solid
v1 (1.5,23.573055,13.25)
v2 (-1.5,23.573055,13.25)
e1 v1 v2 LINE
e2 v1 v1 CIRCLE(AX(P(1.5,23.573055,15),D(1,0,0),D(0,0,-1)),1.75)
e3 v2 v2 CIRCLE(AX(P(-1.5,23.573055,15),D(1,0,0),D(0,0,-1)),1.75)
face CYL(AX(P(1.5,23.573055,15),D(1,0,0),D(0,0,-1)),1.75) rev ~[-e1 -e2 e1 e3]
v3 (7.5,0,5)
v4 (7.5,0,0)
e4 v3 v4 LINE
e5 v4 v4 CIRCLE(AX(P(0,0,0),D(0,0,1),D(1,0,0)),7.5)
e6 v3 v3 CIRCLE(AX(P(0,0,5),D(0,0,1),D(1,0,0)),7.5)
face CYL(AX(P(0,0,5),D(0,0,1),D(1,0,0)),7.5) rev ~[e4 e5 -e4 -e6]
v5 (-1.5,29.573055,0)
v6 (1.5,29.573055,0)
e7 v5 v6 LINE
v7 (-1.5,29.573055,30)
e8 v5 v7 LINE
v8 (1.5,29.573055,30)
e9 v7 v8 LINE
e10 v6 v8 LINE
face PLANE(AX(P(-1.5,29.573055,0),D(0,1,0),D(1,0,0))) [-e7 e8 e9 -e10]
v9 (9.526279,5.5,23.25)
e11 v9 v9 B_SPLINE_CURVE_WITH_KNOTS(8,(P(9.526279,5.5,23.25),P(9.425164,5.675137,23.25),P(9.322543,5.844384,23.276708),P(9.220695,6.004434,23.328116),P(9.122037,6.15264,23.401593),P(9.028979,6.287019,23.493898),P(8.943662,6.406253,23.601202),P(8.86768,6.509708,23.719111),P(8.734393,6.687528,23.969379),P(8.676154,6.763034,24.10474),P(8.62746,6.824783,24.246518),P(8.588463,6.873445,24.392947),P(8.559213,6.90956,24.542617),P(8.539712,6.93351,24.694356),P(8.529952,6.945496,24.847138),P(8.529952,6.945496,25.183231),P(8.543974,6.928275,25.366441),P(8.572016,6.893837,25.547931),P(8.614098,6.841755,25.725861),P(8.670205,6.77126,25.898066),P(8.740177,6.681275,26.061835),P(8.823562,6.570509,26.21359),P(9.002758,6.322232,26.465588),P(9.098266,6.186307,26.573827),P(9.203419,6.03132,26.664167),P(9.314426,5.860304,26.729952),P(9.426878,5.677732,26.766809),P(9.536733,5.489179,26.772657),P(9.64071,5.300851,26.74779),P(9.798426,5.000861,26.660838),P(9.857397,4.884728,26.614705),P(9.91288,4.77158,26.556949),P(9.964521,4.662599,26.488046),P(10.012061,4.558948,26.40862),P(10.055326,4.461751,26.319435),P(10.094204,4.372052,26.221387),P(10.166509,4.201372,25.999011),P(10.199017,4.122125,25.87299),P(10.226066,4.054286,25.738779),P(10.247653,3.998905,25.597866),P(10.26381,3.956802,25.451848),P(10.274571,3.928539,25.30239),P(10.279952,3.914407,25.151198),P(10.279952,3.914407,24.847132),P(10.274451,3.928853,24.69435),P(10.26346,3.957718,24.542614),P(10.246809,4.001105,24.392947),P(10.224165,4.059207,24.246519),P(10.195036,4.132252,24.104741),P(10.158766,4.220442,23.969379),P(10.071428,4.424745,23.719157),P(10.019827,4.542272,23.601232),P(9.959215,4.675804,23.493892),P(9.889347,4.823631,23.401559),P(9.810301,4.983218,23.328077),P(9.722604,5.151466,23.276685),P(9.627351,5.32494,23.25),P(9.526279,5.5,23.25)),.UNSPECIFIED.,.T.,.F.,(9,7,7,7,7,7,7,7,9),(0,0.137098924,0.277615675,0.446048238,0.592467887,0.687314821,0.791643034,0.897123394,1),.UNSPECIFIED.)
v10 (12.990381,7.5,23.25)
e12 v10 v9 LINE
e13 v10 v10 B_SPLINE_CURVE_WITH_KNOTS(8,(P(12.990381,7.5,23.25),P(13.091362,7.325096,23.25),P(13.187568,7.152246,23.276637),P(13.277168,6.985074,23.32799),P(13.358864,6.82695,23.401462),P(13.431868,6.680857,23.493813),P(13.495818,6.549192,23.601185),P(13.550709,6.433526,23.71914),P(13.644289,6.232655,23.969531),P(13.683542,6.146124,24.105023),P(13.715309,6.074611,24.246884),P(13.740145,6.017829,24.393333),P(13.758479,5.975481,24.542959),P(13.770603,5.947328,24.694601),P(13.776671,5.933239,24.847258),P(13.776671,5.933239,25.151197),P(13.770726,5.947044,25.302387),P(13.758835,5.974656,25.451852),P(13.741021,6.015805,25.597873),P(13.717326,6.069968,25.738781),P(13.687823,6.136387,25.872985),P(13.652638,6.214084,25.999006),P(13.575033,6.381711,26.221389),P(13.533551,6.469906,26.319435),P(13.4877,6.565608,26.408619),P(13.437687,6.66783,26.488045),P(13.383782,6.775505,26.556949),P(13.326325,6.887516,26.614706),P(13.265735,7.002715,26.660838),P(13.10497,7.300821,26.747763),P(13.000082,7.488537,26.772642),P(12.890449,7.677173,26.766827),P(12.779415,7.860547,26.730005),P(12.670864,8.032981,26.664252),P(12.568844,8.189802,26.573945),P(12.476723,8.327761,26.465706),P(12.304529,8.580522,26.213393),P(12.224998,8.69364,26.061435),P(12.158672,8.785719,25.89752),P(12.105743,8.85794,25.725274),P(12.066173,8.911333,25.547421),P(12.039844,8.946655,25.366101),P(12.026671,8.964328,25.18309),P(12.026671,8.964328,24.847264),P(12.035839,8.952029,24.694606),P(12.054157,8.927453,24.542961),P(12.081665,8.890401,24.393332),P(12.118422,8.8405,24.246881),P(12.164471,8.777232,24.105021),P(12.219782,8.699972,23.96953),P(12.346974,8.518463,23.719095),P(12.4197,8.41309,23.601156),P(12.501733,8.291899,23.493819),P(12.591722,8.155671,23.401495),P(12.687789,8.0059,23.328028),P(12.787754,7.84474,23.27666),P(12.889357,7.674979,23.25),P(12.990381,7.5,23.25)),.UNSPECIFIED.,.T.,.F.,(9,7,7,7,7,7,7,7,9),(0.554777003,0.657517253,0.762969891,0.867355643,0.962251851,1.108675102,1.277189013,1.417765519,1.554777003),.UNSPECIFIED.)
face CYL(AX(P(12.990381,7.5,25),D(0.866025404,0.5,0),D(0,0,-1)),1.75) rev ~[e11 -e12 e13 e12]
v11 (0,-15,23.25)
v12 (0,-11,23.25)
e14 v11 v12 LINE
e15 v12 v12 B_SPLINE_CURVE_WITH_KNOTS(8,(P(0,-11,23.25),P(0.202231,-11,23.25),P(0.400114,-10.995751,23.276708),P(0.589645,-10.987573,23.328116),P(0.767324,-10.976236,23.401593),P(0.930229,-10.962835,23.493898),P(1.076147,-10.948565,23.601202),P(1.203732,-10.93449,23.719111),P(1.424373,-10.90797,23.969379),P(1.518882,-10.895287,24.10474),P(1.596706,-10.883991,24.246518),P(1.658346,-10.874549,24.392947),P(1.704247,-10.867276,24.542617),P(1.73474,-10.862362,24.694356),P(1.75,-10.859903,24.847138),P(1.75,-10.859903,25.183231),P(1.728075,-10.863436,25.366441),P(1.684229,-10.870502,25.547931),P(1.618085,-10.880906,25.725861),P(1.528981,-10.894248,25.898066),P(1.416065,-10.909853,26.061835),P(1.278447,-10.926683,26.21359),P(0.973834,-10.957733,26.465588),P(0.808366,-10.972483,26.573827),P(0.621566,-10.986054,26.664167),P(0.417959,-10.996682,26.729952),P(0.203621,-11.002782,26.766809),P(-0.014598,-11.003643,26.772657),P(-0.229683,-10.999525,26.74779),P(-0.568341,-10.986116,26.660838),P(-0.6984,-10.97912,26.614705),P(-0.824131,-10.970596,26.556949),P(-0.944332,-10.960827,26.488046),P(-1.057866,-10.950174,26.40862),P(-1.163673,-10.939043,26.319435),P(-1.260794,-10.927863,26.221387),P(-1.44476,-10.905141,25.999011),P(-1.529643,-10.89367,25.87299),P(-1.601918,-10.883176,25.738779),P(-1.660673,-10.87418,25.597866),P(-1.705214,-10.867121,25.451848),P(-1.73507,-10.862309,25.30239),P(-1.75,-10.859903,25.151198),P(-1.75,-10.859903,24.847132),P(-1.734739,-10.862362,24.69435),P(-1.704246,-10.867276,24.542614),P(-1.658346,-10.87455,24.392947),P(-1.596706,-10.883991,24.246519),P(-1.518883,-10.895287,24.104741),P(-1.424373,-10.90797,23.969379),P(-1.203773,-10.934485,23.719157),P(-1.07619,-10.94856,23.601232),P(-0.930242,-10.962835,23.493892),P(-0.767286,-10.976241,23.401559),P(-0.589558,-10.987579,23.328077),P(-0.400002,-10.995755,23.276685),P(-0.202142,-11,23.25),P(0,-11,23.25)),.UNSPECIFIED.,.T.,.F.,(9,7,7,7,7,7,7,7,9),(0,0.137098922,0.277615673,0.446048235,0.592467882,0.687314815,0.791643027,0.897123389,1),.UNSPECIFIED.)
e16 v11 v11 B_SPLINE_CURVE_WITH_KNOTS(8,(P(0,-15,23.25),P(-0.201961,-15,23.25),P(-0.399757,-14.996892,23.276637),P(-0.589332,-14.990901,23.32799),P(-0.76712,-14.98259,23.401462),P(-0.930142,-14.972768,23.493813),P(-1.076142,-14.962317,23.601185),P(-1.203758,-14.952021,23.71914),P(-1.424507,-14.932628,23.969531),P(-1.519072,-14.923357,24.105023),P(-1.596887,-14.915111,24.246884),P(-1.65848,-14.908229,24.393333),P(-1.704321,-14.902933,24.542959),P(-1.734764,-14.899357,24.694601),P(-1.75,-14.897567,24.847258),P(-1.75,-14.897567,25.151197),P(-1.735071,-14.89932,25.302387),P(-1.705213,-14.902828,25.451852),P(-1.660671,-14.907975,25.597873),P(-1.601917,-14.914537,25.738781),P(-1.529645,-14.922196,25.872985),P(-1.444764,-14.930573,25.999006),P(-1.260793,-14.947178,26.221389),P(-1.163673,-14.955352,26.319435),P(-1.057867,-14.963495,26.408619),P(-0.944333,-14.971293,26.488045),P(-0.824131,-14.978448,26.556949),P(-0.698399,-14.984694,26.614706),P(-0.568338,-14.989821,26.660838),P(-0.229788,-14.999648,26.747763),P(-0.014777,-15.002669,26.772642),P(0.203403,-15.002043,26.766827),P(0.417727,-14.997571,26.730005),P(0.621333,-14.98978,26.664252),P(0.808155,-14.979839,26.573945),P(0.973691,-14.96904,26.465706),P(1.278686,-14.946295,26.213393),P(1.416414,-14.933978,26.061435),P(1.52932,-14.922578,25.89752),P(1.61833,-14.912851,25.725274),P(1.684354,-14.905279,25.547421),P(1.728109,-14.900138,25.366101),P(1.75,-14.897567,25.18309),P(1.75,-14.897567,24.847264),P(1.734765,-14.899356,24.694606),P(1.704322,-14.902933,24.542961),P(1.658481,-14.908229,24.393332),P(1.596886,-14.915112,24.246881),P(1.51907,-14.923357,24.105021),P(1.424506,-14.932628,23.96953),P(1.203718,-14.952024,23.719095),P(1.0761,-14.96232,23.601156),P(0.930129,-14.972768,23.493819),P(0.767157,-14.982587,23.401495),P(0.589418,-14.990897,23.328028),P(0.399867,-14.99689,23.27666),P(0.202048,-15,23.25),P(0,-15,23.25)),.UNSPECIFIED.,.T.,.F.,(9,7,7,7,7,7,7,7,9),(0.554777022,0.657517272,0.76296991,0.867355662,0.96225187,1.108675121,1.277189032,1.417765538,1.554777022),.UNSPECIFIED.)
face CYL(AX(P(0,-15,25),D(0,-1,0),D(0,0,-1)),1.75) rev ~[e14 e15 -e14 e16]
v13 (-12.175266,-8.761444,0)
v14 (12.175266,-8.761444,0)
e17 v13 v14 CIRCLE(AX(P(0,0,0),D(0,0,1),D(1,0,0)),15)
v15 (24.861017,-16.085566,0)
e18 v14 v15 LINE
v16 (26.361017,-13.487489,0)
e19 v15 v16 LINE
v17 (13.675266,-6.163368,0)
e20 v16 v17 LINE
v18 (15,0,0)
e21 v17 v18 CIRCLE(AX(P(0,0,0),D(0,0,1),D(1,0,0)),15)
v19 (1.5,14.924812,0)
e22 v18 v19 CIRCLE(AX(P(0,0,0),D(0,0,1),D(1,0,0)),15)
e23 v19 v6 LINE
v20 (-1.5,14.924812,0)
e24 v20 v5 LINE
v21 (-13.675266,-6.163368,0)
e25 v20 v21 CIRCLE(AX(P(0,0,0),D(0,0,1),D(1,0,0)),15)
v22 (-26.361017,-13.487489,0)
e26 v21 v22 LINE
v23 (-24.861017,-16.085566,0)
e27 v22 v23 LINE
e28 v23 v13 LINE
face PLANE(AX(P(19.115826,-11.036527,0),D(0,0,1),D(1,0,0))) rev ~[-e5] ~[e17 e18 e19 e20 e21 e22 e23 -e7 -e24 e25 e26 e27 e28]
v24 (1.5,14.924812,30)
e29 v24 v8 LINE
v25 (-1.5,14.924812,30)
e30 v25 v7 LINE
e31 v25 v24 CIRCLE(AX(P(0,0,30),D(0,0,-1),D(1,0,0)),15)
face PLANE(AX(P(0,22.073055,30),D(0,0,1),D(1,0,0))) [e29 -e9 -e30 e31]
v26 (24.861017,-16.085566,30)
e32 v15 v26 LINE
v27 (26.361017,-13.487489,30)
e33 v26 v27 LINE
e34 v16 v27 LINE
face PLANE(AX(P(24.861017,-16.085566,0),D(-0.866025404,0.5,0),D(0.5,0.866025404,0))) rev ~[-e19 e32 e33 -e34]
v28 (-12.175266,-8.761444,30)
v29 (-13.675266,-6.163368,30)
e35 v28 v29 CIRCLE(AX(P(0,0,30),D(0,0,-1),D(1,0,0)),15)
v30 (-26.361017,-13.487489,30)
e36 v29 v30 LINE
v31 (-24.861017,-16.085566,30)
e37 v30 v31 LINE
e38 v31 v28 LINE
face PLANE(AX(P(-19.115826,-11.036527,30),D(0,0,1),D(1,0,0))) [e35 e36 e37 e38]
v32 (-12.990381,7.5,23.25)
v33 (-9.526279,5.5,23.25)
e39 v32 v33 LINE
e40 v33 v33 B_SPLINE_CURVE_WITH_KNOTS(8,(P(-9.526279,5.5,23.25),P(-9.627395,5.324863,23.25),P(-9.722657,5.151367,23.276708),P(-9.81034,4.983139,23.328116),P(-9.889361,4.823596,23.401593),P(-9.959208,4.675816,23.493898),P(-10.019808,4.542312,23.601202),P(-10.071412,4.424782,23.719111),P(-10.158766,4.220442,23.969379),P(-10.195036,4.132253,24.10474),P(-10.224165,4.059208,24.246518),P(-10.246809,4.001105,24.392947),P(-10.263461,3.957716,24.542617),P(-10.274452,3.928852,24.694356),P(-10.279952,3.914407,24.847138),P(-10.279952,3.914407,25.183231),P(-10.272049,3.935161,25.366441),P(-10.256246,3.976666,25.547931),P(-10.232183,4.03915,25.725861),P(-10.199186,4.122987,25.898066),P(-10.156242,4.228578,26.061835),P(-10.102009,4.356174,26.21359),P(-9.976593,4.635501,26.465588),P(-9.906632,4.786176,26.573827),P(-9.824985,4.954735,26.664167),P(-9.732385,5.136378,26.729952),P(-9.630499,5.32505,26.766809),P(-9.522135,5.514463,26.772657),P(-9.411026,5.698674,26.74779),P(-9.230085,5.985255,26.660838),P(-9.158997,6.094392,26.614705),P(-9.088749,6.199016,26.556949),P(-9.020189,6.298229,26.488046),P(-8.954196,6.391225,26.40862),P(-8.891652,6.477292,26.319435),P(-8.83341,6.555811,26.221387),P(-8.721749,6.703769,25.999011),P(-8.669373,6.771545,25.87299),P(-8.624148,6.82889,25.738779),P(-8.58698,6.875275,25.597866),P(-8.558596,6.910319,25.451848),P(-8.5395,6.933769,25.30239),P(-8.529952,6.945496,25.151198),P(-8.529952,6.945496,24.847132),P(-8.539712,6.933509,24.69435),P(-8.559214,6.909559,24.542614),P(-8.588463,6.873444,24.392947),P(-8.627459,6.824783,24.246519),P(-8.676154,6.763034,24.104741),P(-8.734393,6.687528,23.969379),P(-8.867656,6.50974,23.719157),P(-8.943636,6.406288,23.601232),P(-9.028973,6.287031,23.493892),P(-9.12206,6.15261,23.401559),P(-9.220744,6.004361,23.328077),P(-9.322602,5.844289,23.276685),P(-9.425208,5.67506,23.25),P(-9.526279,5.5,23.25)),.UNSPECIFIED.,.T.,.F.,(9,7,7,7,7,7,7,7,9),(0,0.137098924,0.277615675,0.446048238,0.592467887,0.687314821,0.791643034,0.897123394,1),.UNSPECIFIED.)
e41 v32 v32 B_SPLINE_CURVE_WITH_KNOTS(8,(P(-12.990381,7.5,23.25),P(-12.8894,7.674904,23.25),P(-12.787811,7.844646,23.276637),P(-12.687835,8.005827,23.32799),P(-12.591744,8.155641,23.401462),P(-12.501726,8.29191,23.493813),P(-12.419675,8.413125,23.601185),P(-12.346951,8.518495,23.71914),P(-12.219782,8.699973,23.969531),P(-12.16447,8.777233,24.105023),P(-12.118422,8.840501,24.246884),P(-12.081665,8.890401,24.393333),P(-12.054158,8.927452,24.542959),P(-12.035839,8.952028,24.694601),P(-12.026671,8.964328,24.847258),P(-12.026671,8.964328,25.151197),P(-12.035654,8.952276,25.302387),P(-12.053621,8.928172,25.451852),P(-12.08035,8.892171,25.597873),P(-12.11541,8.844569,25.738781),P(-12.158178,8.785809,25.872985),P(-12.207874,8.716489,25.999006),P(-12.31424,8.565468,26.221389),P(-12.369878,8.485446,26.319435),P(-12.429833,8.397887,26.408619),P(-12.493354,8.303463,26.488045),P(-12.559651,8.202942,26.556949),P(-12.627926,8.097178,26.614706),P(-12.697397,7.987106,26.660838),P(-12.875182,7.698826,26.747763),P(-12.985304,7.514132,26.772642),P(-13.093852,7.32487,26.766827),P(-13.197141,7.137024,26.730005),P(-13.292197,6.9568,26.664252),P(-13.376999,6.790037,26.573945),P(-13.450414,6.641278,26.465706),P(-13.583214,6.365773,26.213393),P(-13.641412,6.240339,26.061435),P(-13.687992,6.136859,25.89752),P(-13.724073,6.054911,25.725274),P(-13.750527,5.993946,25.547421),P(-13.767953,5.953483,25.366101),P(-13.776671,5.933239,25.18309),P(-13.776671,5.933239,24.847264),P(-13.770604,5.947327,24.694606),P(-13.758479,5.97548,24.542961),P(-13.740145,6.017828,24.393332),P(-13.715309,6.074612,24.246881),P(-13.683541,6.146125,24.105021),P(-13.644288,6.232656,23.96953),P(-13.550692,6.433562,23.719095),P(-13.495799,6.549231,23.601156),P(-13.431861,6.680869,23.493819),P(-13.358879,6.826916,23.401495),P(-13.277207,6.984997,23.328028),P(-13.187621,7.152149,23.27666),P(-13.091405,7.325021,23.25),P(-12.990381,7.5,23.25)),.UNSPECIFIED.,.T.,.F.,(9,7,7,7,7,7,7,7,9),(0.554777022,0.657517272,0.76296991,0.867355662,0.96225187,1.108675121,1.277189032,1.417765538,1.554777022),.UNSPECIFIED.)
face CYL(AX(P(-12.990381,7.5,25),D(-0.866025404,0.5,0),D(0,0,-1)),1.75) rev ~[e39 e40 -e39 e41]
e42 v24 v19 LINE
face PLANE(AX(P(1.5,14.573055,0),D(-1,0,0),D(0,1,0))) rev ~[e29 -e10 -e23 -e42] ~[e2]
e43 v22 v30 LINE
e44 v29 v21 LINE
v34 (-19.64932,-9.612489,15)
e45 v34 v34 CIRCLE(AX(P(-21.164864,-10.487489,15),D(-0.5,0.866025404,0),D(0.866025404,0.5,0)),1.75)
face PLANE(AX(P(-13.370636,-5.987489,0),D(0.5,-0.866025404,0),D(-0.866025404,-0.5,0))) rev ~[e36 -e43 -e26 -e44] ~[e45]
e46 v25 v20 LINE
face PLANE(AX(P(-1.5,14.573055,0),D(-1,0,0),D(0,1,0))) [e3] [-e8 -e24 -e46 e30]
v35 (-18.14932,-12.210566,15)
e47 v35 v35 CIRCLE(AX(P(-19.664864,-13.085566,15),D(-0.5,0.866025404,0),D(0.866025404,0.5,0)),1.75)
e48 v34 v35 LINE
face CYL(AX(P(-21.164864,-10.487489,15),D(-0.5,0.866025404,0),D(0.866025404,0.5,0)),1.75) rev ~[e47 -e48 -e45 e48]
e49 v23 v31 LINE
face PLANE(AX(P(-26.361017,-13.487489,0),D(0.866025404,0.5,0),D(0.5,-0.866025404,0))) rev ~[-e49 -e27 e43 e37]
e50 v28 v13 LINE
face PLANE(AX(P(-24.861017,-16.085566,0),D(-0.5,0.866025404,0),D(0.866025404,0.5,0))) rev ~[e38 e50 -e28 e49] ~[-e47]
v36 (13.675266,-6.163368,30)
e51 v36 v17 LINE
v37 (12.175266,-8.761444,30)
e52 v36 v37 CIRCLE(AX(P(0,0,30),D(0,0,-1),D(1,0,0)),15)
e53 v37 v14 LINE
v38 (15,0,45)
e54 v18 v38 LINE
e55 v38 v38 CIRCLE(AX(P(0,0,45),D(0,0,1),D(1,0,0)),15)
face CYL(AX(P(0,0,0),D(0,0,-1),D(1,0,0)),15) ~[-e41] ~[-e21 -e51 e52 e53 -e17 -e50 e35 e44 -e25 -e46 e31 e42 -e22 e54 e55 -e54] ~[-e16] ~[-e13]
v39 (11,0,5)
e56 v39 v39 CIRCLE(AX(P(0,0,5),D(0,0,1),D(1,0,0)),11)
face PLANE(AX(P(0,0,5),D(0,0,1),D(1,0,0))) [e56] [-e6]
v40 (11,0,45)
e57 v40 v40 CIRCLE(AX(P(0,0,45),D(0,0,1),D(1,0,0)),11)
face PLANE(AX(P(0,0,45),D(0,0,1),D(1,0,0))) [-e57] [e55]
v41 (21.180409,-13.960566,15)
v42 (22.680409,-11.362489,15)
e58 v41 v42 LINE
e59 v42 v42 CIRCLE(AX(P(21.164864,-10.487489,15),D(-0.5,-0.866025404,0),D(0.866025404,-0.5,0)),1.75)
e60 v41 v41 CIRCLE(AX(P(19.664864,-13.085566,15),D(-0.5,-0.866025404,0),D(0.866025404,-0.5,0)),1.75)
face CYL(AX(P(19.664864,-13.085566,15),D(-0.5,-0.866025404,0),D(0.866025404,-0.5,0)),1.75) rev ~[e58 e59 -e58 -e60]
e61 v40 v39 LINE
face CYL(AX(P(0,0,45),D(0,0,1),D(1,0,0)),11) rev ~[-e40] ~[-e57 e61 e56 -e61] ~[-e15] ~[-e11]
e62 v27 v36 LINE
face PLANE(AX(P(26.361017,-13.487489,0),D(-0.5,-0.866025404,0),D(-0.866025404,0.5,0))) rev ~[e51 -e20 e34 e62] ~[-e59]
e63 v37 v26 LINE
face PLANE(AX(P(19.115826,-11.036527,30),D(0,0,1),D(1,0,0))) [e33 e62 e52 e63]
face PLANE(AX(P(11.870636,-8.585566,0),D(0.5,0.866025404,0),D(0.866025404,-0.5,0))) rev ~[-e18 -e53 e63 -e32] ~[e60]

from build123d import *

# Parameters (mm, degrees)
SKETCH_1_R               = 15
EXTRUDE_1_DEPTH          = 45
SKETCH_2_R               = 11
CUT_EXTRUDE_1_DEPTH      = 40
SKETCH_3_R               = 7.5
CUT_EXTRUDE_2_DEPTH      = 5
SKETCH_4_W               = 3
SKETCH_4_H               = 15
EXTRUDE_2_DEPTH          = 30
SKETCH_5_R               = 1.75
CUT_EXTRUDE_3_DEPTH      = 30
SKETCH_6_R               = 1.75
CUT_EXTRUDE_4_DEPTH      = 30
SKETCH_7_R               = 1.75
CUT_EXTRUDE_5_DEPTH      = 30
SKETCH_8_R               = 1.75
CUT_EXTRUDE_6_DEPTH      = 10
PATTERN_CIRCULAR_1_COUNT = 3


with BuildPart() as part:
    # 草圖1 → 填料-伸長1 (new body)
    with BuildSketch(Plane.XY):
        Circle(SKETCH_1_R)
    extrude(amount=EXTRUDE_1_DEPTH)

    # 草圖2 → 除料-伸長1 (cut)
    with BuildSketch(Plane.XY.offset(45)):
        Circle(SKETCH_2_R)
    extrude(amount=-CUT_EXTRUDE_1_DEPTH, mode=Mode.SUBTRACT)

    # 草圖3 → 除料-伸長2 (cut)
    with BuildSketch(Plane.XY.offset(5)):
        Circle(SKETCH_3_R)
    extrude(amount=-CUT_EXTRUDE_2_DEPTH, mode=Mode.SUBTRACT)

    # 草圖4 → 填料-伸長2 (add)
    with BuildSketch(Plane.XY):
        Polygon((26.361016738, -13.487489302), (13.370635681, -5.987489302), (11.870635681, -8.585565513), (24.861016738, -16.085565513), align=None)
        with Locations((0, 22.073054816)):
            Rectangle(SKETCH_4_W, SKETCH_4_H)
        Polygon((-24.861016738, -16.085565513), (-11.870635681, -8.585565513), (-13.370635681, -5.987489302), (-26.361016738, -13.487489302), align=None)
    extrude(amount=EXTRUDE_2_DEPTH)

    # 草圖5 → 除料-伸長3 (cut)
    with BuildSketch(Plane(origin=(-0.75, -1.299038106, 0), x_dir=(0.866025404, -0.5, 0), z_dir=(-0.5, -0.866025404, 0))):
        with Locations((23.573054816, 15)):
            Circle(SKETCH_5_R)
    extrude(amount=-CUT_EXTRUDE_3_DEPTH, mode=Mode.SUBTRACT)

    # 草圖6 → 除料-伸長4 (cut)
    with BuildSketch(Plane(origin=(1.5, 0, 0), x_dir=(0, 0, -1), z_dir=(1, 0, 0))):
        with Locations((-15, 23.573054816)):
            Circle(SKETCH_6_R)
    extrude(amount=-CUT_EXTRUDE_4_DEPTH, mode=Mode.SUBTRACT)

    # 草圖7 → 除料-伸長5 (cut)
    with BuildSketch(Plane(origin=(-0.75, 1.299038106, 0), x_dir=(0.866025404, 0.5, 0), z_dir=(-0.5, 0.866025404, 0))):
        with Locations((-23.573054816, -15)):
            Circle(SKETCH_7_R)
    extrude(amount=-CUT_EXTRUDE_5_DEPTH, mode=Mode.SUBTRACT)

    # 草圖8 → 除料-伸長6 (cut)
    with BuildSketch(Plane(origin=(0, -15, 0), x_dir=(0, 0, -1), z_dir=(0, -1, 0))):
        with Locations((-25, 0)):
            Circle(SKETCH_8_R)
    cut_extrude_6 = extrude(amount=-CUT_EXTRUDE_6_DEPTH, mode=Mode.SUBTRACT)

    # 環狀複製排列1: 除料-伸長6 ×3 about axis
    pattern_circular_1_axis = Axis((0, 0, 0), (0, 0, 1))
    for i in range(1, PATTERN_CIRCULAR_1_COUNT):
        add(cut_extrude_6.rotate(pattern_circular_1_axis, i * 360 / PATTERN_CIRCULAR_1_COUNT), mode=Mode.SUBTRACT)


solid = part.part
